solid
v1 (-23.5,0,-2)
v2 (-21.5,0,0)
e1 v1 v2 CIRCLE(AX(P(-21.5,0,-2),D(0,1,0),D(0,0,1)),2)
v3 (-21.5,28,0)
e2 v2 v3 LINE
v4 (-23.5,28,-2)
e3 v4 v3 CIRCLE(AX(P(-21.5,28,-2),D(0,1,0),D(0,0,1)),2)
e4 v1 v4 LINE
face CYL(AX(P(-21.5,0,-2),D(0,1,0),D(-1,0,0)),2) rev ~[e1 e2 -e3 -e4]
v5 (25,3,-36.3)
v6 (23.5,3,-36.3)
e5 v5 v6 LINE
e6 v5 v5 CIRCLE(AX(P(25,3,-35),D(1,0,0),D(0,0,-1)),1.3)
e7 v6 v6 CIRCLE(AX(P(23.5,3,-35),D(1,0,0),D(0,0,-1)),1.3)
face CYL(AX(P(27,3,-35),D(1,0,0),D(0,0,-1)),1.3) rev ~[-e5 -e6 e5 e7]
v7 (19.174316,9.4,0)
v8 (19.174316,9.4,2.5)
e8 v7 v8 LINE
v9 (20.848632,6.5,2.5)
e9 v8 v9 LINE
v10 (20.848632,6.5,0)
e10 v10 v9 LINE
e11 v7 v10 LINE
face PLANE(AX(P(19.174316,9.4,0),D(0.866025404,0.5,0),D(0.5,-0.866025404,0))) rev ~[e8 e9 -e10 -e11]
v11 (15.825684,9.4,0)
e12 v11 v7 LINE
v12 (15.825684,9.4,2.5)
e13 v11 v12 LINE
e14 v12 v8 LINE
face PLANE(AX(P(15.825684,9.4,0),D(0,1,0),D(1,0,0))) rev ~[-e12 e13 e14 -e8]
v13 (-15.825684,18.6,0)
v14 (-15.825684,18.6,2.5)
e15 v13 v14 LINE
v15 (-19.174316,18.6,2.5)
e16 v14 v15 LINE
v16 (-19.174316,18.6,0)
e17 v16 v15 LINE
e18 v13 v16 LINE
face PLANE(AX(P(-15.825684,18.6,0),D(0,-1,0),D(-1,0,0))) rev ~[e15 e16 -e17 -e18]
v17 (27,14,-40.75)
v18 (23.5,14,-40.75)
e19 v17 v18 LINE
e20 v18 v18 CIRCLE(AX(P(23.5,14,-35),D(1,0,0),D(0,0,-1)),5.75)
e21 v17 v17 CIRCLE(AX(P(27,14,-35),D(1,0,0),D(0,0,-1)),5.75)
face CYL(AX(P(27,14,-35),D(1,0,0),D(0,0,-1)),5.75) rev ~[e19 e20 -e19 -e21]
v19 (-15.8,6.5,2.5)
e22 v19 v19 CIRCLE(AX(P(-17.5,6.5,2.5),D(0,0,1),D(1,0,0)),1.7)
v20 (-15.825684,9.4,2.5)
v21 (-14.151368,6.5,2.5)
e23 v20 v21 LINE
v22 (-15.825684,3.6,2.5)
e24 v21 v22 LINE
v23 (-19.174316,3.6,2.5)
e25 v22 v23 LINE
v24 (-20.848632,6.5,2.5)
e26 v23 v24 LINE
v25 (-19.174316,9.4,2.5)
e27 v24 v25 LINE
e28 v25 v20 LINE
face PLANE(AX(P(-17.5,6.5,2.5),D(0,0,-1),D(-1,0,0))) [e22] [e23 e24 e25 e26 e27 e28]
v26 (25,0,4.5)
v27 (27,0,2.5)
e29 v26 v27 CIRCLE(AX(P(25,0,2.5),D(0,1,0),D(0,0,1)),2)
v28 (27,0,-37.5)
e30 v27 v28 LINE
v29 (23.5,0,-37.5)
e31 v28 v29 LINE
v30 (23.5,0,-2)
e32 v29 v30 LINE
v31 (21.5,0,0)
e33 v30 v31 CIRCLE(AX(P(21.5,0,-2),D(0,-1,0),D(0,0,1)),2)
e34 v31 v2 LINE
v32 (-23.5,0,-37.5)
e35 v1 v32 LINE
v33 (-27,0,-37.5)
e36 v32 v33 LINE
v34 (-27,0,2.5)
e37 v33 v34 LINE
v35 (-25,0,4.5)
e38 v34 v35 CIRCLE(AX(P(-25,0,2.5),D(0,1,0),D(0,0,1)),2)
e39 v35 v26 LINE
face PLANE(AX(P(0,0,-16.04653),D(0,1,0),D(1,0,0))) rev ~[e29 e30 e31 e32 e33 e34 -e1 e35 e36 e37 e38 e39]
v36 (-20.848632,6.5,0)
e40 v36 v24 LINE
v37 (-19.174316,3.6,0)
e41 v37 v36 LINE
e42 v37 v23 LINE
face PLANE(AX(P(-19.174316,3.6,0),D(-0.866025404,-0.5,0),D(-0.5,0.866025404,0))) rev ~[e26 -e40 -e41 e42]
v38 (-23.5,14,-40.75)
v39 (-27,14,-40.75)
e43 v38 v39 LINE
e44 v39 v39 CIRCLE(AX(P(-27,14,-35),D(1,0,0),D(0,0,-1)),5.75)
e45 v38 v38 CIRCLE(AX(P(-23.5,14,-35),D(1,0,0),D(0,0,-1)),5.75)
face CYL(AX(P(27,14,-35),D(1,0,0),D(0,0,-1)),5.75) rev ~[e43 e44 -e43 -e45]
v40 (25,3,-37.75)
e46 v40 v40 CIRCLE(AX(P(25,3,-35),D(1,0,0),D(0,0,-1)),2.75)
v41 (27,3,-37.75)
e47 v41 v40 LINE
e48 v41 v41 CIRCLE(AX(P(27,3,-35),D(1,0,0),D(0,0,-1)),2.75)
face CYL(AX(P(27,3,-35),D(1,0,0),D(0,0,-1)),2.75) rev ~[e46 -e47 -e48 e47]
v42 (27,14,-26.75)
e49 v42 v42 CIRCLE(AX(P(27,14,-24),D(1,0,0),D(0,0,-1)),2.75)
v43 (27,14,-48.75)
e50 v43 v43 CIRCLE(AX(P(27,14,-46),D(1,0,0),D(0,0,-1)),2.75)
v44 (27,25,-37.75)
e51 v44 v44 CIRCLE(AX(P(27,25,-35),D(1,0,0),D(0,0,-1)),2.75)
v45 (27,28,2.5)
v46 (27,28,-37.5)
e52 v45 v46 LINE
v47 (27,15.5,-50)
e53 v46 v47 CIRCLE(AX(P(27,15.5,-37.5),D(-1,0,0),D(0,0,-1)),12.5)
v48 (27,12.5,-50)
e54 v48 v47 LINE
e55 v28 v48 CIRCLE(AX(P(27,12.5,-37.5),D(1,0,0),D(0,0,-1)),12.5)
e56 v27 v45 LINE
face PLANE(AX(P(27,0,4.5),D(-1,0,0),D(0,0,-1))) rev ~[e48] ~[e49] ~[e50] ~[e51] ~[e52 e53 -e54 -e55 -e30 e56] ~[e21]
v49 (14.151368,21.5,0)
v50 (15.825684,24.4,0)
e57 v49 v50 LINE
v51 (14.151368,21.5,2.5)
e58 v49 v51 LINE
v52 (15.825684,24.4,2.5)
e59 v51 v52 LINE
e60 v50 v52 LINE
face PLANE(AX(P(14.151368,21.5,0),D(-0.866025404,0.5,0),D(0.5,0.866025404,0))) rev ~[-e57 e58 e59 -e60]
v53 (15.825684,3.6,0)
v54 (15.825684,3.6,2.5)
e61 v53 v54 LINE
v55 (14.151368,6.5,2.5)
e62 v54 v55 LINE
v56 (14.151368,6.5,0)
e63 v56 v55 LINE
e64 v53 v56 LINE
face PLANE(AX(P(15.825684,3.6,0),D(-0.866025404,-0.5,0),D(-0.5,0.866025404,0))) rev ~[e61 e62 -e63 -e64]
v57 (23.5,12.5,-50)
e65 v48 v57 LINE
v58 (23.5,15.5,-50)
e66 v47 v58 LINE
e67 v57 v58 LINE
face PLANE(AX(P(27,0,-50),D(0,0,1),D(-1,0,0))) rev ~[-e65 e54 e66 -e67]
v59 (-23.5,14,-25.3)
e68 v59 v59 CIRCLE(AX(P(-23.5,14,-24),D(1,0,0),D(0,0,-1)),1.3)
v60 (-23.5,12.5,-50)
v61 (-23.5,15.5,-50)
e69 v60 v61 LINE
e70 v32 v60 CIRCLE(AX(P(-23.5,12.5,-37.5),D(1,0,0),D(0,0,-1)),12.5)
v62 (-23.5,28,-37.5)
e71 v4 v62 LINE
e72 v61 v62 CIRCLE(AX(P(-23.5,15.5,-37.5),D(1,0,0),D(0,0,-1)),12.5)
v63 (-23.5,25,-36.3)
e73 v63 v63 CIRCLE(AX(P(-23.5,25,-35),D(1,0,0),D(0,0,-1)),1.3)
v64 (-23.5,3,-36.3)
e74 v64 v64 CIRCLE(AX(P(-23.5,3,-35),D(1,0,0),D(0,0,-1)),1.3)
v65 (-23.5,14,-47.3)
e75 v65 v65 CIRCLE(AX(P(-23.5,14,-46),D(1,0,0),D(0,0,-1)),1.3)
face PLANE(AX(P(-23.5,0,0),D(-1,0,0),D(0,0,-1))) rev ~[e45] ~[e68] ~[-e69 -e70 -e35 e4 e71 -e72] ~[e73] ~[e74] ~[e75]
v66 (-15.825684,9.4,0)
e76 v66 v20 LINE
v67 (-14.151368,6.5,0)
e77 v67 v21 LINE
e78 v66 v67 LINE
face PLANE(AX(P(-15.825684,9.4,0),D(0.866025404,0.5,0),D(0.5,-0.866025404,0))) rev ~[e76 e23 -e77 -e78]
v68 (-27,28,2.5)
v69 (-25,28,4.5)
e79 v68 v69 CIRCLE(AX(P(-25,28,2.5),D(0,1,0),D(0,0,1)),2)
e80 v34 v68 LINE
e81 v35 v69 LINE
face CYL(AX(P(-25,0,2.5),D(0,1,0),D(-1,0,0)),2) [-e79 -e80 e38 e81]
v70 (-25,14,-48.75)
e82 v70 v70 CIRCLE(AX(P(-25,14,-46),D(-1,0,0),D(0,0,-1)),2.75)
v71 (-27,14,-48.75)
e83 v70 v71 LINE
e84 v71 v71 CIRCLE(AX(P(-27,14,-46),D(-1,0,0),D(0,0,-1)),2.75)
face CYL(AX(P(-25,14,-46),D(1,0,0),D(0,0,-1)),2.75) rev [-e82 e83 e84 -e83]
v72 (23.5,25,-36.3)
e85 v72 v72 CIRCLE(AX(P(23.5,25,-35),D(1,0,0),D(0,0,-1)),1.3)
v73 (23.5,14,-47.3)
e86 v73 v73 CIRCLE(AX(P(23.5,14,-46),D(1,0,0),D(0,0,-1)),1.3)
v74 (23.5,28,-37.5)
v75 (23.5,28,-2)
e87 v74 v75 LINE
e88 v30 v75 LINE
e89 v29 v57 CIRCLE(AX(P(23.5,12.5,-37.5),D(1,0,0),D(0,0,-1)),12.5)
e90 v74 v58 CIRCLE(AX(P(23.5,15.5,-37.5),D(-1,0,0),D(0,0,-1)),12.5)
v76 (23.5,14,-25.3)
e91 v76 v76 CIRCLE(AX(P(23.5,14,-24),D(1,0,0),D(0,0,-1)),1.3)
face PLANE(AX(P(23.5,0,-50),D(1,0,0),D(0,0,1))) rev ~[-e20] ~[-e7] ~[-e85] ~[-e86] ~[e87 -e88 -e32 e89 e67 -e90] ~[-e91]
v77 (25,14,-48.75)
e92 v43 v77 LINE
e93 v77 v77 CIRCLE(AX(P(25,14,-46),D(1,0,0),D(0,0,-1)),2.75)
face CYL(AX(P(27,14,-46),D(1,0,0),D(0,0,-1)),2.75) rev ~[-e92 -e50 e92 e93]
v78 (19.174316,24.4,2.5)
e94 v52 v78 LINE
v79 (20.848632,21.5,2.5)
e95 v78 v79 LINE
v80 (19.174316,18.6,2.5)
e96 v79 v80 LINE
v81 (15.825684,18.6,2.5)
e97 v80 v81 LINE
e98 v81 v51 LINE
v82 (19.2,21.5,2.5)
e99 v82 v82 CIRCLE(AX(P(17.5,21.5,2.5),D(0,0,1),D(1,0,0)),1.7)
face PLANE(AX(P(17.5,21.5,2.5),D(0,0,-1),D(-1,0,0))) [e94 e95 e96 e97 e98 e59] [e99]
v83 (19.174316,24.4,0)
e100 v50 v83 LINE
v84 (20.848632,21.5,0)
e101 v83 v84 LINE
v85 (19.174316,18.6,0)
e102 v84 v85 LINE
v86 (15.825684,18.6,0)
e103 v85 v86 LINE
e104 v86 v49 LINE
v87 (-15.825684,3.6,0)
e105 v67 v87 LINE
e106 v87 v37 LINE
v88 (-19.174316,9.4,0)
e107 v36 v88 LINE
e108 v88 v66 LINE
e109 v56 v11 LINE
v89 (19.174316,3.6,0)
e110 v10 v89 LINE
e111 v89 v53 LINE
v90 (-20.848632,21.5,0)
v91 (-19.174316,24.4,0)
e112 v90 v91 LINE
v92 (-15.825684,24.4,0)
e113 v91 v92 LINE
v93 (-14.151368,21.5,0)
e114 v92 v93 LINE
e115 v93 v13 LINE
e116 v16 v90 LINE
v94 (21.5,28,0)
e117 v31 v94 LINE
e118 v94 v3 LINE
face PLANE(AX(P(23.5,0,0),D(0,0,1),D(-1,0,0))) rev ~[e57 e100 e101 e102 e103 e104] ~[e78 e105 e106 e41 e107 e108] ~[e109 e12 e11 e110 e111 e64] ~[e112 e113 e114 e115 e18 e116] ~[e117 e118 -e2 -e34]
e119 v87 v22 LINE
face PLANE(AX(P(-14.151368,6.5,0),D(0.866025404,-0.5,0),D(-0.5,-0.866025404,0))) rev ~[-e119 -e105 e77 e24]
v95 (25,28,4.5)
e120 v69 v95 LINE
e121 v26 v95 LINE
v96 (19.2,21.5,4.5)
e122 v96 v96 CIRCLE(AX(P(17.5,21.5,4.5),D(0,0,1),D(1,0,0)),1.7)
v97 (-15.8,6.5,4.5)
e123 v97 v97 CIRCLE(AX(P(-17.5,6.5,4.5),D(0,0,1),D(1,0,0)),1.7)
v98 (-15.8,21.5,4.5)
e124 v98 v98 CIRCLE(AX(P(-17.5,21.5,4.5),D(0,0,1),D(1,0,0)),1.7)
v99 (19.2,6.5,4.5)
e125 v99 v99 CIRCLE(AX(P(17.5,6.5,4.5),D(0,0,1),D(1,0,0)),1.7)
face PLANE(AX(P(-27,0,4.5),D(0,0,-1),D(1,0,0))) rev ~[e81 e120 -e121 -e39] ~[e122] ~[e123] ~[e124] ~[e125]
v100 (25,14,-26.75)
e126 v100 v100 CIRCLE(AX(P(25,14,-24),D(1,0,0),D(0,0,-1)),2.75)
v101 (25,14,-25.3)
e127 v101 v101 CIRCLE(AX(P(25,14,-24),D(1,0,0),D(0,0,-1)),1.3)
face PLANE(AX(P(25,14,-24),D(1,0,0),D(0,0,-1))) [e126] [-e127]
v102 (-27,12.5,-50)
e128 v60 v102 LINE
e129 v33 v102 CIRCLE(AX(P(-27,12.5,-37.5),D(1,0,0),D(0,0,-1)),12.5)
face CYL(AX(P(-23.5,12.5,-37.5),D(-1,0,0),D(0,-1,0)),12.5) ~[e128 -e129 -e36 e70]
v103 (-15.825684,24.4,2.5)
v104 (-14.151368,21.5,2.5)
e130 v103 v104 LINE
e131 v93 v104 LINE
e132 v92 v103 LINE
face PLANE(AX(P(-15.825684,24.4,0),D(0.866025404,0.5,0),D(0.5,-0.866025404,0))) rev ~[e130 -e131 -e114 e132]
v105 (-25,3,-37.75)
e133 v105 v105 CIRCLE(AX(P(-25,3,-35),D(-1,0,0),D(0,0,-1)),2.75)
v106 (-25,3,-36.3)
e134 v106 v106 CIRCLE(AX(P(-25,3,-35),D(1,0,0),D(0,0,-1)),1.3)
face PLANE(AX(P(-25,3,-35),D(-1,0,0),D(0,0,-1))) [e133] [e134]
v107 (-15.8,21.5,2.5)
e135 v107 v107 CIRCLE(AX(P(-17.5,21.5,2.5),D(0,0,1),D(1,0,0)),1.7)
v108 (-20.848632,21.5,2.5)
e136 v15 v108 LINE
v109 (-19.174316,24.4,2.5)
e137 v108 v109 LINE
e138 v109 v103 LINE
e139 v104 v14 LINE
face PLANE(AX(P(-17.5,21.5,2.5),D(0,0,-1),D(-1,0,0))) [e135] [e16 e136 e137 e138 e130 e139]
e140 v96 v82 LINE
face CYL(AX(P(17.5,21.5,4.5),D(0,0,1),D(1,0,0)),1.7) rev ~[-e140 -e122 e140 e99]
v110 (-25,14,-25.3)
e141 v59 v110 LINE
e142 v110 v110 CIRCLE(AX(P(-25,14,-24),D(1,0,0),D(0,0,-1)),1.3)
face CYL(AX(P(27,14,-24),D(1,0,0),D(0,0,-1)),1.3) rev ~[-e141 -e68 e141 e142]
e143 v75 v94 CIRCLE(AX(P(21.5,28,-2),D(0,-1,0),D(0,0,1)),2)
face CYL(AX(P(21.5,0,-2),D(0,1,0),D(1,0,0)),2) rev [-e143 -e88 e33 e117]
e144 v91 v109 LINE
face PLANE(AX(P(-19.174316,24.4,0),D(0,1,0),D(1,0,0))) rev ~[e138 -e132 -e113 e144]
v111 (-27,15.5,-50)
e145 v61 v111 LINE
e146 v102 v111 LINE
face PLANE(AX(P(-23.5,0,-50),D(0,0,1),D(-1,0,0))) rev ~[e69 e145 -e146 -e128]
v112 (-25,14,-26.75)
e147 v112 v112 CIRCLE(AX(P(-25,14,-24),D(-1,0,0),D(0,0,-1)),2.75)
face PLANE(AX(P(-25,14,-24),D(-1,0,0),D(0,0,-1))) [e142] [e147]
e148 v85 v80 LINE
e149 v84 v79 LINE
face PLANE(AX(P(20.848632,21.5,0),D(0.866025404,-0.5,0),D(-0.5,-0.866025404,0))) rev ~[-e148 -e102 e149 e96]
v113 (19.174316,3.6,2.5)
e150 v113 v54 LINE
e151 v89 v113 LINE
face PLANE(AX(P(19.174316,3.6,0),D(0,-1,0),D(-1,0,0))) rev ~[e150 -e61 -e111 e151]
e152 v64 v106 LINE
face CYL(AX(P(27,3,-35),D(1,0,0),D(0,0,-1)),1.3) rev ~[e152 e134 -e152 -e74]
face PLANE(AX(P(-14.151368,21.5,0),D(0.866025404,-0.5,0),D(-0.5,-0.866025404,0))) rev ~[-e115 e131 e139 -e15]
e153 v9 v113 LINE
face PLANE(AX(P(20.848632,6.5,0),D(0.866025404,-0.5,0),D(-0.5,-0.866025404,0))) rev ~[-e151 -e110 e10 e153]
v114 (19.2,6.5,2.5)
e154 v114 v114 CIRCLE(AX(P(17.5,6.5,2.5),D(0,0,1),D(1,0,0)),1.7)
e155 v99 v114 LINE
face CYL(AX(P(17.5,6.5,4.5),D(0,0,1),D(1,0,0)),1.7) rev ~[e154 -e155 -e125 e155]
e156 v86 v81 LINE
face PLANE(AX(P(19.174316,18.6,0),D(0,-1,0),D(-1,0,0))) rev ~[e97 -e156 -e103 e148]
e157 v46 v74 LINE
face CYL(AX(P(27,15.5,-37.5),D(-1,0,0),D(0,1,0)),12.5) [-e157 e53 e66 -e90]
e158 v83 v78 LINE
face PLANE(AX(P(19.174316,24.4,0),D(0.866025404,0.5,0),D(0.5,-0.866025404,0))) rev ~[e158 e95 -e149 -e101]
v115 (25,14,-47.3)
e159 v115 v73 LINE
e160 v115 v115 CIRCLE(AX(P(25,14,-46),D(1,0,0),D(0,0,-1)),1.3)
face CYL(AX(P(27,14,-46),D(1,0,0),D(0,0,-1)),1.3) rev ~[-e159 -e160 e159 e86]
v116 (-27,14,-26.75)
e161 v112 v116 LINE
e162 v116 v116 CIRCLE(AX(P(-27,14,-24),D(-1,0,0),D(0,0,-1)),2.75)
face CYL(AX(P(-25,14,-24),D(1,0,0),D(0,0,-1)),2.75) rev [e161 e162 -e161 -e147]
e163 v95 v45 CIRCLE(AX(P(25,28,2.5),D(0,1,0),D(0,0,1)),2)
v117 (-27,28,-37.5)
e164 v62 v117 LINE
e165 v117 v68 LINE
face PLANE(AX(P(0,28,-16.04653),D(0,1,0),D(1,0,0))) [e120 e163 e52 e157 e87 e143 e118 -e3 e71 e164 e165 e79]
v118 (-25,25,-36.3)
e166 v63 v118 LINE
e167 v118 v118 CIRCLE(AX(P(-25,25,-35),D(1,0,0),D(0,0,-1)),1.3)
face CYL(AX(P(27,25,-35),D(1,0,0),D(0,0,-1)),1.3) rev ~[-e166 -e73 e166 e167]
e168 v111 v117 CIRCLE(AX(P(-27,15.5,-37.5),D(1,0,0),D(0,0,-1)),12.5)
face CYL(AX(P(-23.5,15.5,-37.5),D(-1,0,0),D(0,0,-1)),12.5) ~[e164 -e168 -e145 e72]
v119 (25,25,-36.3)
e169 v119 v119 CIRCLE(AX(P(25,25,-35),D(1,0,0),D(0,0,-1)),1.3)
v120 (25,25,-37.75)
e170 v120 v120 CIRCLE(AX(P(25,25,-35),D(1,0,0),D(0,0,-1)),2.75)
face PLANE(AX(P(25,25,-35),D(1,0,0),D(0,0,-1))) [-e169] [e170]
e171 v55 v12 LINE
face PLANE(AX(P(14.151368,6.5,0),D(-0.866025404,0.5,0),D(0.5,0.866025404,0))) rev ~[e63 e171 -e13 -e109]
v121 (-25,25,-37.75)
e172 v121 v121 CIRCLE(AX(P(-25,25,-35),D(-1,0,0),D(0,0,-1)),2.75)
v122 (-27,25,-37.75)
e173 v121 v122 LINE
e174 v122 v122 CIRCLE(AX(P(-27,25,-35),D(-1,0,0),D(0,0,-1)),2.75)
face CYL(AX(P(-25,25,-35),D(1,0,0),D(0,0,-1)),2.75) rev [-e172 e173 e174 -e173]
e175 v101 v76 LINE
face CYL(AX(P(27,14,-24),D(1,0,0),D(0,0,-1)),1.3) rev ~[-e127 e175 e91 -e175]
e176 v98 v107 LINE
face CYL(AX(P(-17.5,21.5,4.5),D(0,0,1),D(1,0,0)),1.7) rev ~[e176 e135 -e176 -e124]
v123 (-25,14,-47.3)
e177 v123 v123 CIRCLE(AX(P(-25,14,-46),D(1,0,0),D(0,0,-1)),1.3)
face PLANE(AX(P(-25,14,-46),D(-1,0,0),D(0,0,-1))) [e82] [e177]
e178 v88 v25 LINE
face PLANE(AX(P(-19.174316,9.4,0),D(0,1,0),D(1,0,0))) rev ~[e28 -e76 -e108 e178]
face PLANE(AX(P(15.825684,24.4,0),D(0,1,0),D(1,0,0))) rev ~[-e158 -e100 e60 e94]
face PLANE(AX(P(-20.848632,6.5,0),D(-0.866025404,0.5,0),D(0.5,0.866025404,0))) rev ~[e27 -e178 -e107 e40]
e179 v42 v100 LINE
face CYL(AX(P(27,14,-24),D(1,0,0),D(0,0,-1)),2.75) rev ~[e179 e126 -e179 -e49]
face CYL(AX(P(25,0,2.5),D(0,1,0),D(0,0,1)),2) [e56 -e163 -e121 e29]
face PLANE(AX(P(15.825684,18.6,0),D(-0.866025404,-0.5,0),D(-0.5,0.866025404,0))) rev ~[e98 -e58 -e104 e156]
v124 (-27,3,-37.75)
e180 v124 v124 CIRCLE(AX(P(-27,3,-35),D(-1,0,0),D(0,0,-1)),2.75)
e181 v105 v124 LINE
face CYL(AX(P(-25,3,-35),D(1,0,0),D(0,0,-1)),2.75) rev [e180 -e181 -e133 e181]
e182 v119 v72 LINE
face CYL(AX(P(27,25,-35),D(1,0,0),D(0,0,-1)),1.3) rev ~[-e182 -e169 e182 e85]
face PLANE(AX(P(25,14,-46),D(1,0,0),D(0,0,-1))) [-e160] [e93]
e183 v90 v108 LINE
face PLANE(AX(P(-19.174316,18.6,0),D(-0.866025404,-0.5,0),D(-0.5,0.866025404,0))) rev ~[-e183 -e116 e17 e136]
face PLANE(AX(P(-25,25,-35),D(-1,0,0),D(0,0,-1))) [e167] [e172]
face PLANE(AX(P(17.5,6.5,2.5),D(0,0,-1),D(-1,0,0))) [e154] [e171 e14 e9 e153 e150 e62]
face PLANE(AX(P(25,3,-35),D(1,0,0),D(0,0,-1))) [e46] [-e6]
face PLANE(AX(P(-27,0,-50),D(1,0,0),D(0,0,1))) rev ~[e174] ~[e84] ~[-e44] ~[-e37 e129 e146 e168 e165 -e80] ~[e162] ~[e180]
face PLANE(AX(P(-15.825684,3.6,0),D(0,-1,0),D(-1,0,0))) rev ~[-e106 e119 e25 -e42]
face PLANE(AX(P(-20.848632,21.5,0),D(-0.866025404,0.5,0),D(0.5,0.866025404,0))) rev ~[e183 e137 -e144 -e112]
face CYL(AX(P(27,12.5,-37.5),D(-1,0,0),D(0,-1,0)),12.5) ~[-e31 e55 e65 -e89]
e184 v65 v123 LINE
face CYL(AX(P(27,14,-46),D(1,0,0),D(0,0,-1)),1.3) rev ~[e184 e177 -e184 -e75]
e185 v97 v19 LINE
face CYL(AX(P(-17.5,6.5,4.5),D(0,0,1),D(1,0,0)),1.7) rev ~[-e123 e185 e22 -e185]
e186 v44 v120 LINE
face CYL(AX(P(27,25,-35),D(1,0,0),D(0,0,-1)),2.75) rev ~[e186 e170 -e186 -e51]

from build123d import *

# Parameters (mm, degrees)
BOSS_EXTRUDE1_DEPTH = 28
SKETCH3_R           = 5.75
SKETCH3_R_2         = 1.3
CUT_EXTRUDE1_DEPTH  = 79.74007874
SKETCH4_R           = 1.7
CUT_EXTRUDE2_DEPTH  = 25
FILLET1_R           = 2
FILLET2_R           = 12.5
CUT_EXTRUDE3_DEPTH  = 2.5
SKETCH6_R           = 2.75
CUT_EXTRUDE4_DEPTH  = 2
CUT_EXTRUDE5_START  = -2
SKETCH9_R           = 2.75
CUT_EXTRUDE5_DEPTH  = 2


with BuildPart() as part:
    # Sketch1 → Boss-Extrude1 (new body)
    with BuildSketch(Plane(origin=(0, 0, 0), x_dir=(1, 0, 0), z_dir=(0, 1, 0))):
        Polygon((-27, 50), (-27, -4.5), (27, -4.5), (27, 50), (23.5, 50), (23.5, 0), (-23.5, 0), (-23.5, 50), align=None)
    extrude(amount=BOSS_EXTRUDE1_DEPTH)

    # Sketch3 → Cut-Extrude1 (cut, through all)
    with BuildSketch(Plane(origin=(27, 0, 0), x_dir=(0, 0, -1), z_dir=(1, 0, 0))):
        with Locations((35, 14)):
            Circle(SKETCH3_R)
        with Locations((46, 14)):
            Circle(SKETCH3_R_2)
        with Locations((35, 3)):
            Circle(SKETCH3_R_2)
        with Locations((24, 14)):
            Circle(SKETCH3_R_2)
        with Locations((35, 25)):
            Circle(SKETCH3_R_2)
    extrude(amount=-CUT_EXTRUDE1_DEPTH, mode=Mode.SUBTRACT)

    # Sketch4 → Cut-Extrude2 (cut)
    with BuildSketch(Plane.XY.offset(4.5)):
        with Locations((-17.5, 6.5)):
            Circle(SKETCH4_R)
        with Locations((17.5, 6.5)):
            Circle(SKETCH4_R)
        with Locations((17.5, 21.5)):
            Circle(SKETCH4_R)
        with Locations((-17.5, 21.5)):
            Circle(SKETCH4_R)
    extrude(amount=-CUT_EXTRUDE2_DEPTH, mode=Mode.SUBTRACT)

    # Fillet1
    fillet1_edges = [part.edges().sort_by_distance(p)[0] for p in [
        (-23.5, 14, 0),
        (23.5, 14, 0),
        (27, 14, 4.5),
        (-27, 14, 4.5),
    ]]
    fillet(fillet1_edges, radius=FILLET1_R)

    # Fillet2
    fillet2_edges = [part.edges().sort_by_distance(p)[0] for p in [
        (-25.25, 0, -50),
        (25.25, 28, -50),
        (-25.25, 28, -50),
        (25.25, 0, -50),
    ]]
    fillet(fillet2_edges, radius=FILLET2_R)

    # Sketch5 → Cut-Extrude3 (cut)
    with BuildSketch(Plane(origin=(0, 0, 0), x_dir=(-1, 0, 0), z_dir=(0, 0, -1))):
        Polygon((19.174315781, 18.6), (20.848631561, 21.5), (19.174315781, 24.4), (15.825684219, 24.4), (14.151368439, 21.5), (15.825684219, 18.6), align=None)
        Polygon((-15.825684219, 18.6), (-14.151368439, 21.5), (-15.825684219, 24.4), (-19.174315781, 24.4), (-20.848631561, 21.5), (-19.174315781, 18.6), align=None)
        Polygon((19.174315781, 3.6), (20.848631561, 6.5), (19.174315781, 9.4), (15.825684219, 9.4), (14.151368439, 6.5), (15.825684219, 3.6), align=None)
        Polygon((-15.825684219, 3.6), (-14.151368439, 6.5), (-15.825684219, 9.4), (-19.174315781, 9.4), (-20.848631561, 6.5), (-19.174315781, 3.6), align=None)
    extrude(amount=-CUT_EXTRUDE3_DEPTH, mode=Mode.SUBTRACT)

    # Sketch6 → Cut-Extrude4 (cut)
    with BuildSketch(Plane(origin=(27, 0, 0), x_dir=(0, 0, -1), z_dir=(1, 0, 0))):
        with Locations((24, 14)):
            Circle(SKETCH6_R)
        with Locations((35, 25)):
            Circle(SKETCH6_R)
        with Locations((46, 14)):
            Circle(SKETCH6_R)
        with Locations((35, 3)):
            Circle(SKETCH6_R)
    extrude(amount=-CUT_EXTRUDE4_DEPTH, mode=Mode.SUBTRACT)

    # Sketch9 → Cut-Extrude5 (cut)
    with BuildSketch(Plane.ZY.offset(27).offset(CUT_EXTRUDE5_START)):
        with Locations(Location((-46, 14, 0), (0, 0, 180))):
            Circle(SKETCH9_R)
        with Locations(Location((-35, 25, 0), (0, 0, 180))):
            Circle(SKETCH9_R)
        with Locations(Location((-24, 14, 0), (0, 0, 180))):
            Circle(SKETCH9_R)
        with Locations(Location((-35, 3, 0), (0, 0, 180))):
            Circle(SKETCH9_R)
    extrude(amount=CUT_EXTRUDE5_DEPTH, mode=Mode.SUBTRACT)


solid = part.part
